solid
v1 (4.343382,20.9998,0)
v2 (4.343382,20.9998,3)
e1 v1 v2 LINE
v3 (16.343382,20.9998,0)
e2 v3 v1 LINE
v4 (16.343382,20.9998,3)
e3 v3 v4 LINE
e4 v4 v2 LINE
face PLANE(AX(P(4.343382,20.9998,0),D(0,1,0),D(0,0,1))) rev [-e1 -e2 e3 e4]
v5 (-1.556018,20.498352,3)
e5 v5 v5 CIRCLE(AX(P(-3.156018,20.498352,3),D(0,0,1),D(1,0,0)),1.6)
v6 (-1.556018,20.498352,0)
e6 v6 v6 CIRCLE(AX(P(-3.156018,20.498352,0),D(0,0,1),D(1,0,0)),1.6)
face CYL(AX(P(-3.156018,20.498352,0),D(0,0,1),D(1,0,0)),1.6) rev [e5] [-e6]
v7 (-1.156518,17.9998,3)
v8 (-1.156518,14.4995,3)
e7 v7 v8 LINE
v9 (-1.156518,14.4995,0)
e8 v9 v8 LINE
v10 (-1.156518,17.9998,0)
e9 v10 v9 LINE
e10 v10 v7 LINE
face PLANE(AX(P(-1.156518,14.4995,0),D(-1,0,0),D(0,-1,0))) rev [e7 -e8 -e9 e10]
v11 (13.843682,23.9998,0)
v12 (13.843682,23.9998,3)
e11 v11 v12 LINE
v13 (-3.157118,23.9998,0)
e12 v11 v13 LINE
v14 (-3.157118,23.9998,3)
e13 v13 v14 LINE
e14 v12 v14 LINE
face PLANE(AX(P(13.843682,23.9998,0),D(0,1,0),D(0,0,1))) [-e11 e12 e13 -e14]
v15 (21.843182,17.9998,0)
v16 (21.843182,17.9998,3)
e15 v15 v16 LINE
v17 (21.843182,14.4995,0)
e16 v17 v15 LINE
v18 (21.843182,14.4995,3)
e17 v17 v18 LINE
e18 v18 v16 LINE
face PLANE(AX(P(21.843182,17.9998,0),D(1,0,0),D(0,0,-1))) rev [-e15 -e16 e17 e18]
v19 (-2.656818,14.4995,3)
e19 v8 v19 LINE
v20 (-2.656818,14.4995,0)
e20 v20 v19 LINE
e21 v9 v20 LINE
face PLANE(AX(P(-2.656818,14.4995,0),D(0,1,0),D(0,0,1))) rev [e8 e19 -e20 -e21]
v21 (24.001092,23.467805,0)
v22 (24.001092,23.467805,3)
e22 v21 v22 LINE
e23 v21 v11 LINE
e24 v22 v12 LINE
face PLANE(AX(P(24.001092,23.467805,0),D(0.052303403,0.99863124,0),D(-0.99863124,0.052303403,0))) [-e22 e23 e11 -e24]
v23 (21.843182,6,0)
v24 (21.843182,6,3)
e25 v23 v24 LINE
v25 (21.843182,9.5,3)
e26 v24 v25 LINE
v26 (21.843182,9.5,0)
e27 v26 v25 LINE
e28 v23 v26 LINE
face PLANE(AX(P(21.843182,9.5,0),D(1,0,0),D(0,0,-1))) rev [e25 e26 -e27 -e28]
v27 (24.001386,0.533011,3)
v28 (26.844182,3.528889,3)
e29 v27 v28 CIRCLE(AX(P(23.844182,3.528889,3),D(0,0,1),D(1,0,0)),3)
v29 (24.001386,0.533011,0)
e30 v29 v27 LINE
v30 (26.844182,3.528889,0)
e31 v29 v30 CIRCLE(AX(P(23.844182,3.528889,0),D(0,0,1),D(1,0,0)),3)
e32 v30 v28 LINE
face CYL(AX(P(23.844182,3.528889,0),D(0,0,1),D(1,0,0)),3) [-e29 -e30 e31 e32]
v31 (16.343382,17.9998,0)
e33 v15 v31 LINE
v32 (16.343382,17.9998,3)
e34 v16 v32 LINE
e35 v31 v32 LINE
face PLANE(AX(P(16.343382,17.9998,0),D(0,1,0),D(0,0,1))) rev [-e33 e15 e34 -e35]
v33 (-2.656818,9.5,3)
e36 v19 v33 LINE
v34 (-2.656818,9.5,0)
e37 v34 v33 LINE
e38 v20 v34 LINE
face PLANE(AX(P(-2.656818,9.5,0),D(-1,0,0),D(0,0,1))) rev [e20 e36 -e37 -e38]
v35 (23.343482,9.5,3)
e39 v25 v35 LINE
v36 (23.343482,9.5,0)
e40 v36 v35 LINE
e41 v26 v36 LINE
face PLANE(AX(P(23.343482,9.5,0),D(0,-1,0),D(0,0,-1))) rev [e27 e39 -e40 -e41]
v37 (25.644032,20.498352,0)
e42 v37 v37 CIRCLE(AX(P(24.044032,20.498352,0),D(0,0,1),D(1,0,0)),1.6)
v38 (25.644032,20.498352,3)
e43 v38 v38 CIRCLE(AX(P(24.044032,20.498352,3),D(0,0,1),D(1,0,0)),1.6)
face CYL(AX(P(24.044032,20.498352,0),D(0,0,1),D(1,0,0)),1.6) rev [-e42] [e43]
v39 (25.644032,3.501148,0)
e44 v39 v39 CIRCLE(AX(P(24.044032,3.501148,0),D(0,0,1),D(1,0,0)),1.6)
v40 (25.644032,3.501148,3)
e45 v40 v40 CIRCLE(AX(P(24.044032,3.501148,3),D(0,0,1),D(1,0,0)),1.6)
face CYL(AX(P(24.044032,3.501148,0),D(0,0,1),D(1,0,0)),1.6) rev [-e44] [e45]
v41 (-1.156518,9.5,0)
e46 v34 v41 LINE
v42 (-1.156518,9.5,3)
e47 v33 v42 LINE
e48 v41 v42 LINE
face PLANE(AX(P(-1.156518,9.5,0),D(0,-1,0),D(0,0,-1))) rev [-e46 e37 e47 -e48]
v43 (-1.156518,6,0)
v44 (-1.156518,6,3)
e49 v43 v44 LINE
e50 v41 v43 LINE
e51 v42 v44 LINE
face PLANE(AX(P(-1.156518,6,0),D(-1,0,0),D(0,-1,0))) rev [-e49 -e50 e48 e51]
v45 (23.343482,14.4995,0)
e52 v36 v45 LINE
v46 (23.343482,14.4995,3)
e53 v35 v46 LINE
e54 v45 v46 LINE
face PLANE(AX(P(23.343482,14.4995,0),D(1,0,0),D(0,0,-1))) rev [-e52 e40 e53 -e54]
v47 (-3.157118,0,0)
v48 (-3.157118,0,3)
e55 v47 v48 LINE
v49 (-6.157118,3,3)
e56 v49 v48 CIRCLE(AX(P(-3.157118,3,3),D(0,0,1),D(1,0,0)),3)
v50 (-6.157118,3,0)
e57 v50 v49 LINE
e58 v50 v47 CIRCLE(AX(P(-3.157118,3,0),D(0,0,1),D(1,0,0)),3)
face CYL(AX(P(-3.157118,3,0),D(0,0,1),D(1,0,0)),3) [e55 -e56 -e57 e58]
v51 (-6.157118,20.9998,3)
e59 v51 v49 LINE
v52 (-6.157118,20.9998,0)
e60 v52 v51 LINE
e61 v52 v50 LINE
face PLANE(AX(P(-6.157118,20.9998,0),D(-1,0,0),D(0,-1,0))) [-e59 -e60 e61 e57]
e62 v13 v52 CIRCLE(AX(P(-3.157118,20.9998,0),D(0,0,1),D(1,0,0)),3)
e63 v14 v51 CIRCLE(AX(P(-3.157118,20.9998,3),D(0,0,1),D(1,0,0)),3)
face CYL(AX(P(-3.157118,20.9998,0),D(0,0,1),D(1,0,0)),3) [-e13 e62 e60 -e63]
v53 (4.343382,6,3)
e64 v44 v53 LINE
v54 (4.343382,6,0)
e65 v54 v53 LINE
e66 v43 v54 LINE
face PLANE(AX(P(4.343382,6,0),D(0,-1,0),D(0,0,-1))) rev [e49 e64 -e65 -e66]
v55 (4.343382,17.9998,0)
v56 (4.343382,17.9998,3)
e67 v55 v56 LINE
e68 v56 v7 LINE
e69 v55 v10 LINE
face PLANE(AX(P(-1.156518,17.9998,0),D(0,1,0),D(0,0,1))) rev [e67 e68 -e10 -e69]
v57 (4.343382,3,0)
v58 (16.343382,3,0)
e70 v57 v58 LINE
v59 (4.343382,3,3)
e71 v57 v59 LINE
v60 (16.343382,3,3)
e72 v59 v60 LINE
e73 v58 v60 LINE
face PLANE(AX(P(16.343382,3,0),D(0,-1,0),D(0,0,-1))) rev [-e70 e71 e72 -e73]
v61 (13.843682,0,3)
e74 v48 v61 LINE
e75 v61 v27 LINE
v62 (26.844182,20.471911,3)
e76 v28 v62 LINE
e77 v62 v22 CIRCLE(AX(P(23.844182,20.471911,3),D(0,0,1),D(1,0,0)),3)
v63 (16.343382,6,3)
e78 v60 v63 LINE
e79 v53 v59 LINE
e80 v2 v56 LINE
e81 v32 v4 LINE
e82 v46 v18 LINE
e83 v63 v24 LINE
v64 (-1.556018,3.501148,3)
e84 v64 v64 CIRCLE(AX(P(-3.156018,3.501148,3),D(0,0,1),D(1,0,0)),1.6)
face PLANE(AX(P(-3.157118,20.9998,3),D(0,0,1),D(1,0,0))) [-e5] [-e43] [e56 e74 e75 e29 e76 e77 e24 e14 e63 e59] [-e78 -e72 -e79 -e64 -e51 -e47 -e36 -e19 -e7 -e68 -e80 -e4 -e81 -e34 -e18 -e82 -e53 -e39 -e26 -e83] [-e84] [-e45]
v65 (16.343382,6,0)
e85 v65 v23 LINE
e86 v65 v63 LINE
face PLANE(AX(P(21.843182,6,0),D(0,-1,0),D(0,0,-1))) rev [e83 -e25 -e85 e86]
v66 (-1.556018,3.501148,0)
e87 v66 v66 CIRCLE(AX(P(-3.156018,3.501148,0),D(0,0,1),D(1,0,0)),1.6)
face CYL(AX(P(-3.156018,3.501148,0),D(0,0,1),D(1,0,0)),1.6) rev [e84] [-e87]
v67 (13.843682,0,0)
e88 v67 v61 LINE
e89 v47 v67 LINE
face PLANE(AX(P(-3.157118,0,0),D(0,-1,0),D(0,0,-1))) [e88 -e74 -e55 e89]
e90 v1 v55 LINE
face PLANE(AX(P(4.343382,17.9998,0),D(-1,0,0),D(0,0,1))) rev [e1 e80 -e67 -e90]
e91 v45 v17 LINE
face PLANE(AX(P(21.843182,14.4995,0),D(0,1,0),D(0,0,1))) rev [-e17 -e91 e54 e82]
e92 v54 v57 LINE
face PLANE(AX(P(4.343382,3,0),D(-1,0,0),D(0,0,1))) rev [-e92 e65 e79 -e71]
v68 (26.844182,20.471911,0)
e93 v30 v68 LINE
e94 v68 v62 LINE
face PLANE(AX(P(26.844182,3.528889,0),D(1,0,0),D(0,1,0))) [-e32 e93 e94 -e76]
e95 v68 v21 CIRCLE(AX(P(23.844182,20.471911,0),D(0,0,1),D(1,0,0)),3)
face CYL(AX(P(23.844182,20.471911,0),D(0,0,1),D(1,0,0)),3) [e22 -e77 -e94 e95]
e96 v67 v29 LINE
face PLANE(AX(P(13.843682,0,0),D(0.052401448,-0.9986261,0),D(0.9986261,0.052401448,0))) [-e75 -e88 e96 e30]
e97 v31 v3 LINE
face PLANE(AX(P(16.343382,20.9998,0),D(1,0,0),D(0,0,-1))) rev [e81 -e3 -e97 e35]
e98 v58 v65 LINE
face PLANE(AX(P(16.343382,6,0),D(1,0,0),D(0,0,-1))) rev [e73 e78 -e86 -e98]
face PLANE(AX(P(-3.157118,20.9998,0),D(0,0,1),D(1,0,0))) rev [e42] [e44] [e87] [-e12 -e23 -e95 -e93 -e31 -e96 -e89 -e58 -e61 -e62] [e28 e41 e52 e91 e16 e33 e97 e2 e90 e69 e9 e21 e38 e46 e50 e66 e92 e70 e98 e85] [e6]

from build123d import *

# Parameters (mm, degrees)
SKETCH_1_R          = 1.35
SKETCH_1_R_2        = 1
EXTRUDE_1_DEPTH     = 3
SKETCH_2_R          = 1.6
CUT_EXTRUDE_1_DEPTH = 37.133094234


with BuildPart() as part:
    # 草图1 → 凸台-拉伸1 (new body)
    with BuildSketch(Plane.XY.offset(3)):
        with BuildLine():
            Line((13.843681844, 23.9998), (-3.157118156, 23.9998))
            ThreePointArc((-3.157118156, 23.9998), (-5.2784385, 23.121120344), (-6.157118156, 20.9998))
            Line((-6.157118156, 20.9998), (-6.157118156, 3))
            ThreePointArc((-6.157118156, 3), (-5.2784385, 0.878679656), (-3.157118156, 0))
            Line((-3.157118156, 0), (13.843681844, 0))
            Line((13.843681844, 0), (24.001386189, 0.533010723))
            ThreePointArc((24.001386189, 0.533010723), (26.020372671, 1.463896655), (26.844181844, 3.528889024))
            Line((26.844181844, 3.528889024), (26.844181844, 20.471910982))
            ThreePointArc((26.844181844, 20.471910982), (26.020271299, 22.537010177), (24.001092054, 23.467804703))
            Line((24.001092054, 23.467804703), (13.843681844, 23.9998))
        make_face()
        with Locations(Location((24.044031844, 3.501148349, 0), (0, 0, 180))):
            Circle(SKETCH_1_R, mode=Mode.SUBTRACT)
        with Locations(Location((-3.156018156, 3.501148349, 0), (0, 0, 180))):
            Circle(SKETCH_1_R, mode=Mode.SUBTRACT)
        with Locations(Location((24.044031844, 20.498351651, 0), (0, 0, 180))):
            Circle(SKETCH_1_R, mode=Mode.SUBTRACT)
        with Locations(Location((-3.156018156, 20.498351651, 0), (0, 0, 180))):
            Circle(SKETCH_1_R_2, mode=Mode.SUBTRACT)
        Polygon((21.843181844, 14.4995), (23.343481844, 14.4995), (23.343481844, 9.5), (21.843181844, 9.5), (21.843181844, 6), (16.343381844, 6), (16.343381844, 3), (4.343381844, 3), (4.343381844, 6), (-1.156518156, 6), (-1.156518156, 9.5), (-2.656818156, 9.5), (-2.656818156, 14.4995), (-1.156518156, 14.4995), (-1.156518156, 17.9998), (4.343381844, 17.9998), (4.343381844, 20.9998), (16.343381844, 20.9998), (16.343381844, 17.9998), (21.843181844, 17.9998), align=None, mode=Mode.SUBTRACT)
    extrude(amount=-EXTRUDE_1_DEPTH)

    # 草图2 → 切除-拉伸1 (cut, through all)
    with BuildSketch(Plane.XY.offset(3)):
        with Locations((-3.156018156, 20.498351651)):
            Circle(SKETCH_2_R)
        with Locations((24.044031844, 20.498351651)):
            Circle(SKETCH_2_R)
        with Locations((24.044031844, 3.501148349)):
            Circle(SKETCH_2_R)
        with Locations((-3.156018156, 3.501148349)):
            Circle(SKETCH_2_R)
    extrude(amount=-CUT_EXTRUDE_1_DEPTH, mode=Mode.SUBTRACT)


solid = part.part
